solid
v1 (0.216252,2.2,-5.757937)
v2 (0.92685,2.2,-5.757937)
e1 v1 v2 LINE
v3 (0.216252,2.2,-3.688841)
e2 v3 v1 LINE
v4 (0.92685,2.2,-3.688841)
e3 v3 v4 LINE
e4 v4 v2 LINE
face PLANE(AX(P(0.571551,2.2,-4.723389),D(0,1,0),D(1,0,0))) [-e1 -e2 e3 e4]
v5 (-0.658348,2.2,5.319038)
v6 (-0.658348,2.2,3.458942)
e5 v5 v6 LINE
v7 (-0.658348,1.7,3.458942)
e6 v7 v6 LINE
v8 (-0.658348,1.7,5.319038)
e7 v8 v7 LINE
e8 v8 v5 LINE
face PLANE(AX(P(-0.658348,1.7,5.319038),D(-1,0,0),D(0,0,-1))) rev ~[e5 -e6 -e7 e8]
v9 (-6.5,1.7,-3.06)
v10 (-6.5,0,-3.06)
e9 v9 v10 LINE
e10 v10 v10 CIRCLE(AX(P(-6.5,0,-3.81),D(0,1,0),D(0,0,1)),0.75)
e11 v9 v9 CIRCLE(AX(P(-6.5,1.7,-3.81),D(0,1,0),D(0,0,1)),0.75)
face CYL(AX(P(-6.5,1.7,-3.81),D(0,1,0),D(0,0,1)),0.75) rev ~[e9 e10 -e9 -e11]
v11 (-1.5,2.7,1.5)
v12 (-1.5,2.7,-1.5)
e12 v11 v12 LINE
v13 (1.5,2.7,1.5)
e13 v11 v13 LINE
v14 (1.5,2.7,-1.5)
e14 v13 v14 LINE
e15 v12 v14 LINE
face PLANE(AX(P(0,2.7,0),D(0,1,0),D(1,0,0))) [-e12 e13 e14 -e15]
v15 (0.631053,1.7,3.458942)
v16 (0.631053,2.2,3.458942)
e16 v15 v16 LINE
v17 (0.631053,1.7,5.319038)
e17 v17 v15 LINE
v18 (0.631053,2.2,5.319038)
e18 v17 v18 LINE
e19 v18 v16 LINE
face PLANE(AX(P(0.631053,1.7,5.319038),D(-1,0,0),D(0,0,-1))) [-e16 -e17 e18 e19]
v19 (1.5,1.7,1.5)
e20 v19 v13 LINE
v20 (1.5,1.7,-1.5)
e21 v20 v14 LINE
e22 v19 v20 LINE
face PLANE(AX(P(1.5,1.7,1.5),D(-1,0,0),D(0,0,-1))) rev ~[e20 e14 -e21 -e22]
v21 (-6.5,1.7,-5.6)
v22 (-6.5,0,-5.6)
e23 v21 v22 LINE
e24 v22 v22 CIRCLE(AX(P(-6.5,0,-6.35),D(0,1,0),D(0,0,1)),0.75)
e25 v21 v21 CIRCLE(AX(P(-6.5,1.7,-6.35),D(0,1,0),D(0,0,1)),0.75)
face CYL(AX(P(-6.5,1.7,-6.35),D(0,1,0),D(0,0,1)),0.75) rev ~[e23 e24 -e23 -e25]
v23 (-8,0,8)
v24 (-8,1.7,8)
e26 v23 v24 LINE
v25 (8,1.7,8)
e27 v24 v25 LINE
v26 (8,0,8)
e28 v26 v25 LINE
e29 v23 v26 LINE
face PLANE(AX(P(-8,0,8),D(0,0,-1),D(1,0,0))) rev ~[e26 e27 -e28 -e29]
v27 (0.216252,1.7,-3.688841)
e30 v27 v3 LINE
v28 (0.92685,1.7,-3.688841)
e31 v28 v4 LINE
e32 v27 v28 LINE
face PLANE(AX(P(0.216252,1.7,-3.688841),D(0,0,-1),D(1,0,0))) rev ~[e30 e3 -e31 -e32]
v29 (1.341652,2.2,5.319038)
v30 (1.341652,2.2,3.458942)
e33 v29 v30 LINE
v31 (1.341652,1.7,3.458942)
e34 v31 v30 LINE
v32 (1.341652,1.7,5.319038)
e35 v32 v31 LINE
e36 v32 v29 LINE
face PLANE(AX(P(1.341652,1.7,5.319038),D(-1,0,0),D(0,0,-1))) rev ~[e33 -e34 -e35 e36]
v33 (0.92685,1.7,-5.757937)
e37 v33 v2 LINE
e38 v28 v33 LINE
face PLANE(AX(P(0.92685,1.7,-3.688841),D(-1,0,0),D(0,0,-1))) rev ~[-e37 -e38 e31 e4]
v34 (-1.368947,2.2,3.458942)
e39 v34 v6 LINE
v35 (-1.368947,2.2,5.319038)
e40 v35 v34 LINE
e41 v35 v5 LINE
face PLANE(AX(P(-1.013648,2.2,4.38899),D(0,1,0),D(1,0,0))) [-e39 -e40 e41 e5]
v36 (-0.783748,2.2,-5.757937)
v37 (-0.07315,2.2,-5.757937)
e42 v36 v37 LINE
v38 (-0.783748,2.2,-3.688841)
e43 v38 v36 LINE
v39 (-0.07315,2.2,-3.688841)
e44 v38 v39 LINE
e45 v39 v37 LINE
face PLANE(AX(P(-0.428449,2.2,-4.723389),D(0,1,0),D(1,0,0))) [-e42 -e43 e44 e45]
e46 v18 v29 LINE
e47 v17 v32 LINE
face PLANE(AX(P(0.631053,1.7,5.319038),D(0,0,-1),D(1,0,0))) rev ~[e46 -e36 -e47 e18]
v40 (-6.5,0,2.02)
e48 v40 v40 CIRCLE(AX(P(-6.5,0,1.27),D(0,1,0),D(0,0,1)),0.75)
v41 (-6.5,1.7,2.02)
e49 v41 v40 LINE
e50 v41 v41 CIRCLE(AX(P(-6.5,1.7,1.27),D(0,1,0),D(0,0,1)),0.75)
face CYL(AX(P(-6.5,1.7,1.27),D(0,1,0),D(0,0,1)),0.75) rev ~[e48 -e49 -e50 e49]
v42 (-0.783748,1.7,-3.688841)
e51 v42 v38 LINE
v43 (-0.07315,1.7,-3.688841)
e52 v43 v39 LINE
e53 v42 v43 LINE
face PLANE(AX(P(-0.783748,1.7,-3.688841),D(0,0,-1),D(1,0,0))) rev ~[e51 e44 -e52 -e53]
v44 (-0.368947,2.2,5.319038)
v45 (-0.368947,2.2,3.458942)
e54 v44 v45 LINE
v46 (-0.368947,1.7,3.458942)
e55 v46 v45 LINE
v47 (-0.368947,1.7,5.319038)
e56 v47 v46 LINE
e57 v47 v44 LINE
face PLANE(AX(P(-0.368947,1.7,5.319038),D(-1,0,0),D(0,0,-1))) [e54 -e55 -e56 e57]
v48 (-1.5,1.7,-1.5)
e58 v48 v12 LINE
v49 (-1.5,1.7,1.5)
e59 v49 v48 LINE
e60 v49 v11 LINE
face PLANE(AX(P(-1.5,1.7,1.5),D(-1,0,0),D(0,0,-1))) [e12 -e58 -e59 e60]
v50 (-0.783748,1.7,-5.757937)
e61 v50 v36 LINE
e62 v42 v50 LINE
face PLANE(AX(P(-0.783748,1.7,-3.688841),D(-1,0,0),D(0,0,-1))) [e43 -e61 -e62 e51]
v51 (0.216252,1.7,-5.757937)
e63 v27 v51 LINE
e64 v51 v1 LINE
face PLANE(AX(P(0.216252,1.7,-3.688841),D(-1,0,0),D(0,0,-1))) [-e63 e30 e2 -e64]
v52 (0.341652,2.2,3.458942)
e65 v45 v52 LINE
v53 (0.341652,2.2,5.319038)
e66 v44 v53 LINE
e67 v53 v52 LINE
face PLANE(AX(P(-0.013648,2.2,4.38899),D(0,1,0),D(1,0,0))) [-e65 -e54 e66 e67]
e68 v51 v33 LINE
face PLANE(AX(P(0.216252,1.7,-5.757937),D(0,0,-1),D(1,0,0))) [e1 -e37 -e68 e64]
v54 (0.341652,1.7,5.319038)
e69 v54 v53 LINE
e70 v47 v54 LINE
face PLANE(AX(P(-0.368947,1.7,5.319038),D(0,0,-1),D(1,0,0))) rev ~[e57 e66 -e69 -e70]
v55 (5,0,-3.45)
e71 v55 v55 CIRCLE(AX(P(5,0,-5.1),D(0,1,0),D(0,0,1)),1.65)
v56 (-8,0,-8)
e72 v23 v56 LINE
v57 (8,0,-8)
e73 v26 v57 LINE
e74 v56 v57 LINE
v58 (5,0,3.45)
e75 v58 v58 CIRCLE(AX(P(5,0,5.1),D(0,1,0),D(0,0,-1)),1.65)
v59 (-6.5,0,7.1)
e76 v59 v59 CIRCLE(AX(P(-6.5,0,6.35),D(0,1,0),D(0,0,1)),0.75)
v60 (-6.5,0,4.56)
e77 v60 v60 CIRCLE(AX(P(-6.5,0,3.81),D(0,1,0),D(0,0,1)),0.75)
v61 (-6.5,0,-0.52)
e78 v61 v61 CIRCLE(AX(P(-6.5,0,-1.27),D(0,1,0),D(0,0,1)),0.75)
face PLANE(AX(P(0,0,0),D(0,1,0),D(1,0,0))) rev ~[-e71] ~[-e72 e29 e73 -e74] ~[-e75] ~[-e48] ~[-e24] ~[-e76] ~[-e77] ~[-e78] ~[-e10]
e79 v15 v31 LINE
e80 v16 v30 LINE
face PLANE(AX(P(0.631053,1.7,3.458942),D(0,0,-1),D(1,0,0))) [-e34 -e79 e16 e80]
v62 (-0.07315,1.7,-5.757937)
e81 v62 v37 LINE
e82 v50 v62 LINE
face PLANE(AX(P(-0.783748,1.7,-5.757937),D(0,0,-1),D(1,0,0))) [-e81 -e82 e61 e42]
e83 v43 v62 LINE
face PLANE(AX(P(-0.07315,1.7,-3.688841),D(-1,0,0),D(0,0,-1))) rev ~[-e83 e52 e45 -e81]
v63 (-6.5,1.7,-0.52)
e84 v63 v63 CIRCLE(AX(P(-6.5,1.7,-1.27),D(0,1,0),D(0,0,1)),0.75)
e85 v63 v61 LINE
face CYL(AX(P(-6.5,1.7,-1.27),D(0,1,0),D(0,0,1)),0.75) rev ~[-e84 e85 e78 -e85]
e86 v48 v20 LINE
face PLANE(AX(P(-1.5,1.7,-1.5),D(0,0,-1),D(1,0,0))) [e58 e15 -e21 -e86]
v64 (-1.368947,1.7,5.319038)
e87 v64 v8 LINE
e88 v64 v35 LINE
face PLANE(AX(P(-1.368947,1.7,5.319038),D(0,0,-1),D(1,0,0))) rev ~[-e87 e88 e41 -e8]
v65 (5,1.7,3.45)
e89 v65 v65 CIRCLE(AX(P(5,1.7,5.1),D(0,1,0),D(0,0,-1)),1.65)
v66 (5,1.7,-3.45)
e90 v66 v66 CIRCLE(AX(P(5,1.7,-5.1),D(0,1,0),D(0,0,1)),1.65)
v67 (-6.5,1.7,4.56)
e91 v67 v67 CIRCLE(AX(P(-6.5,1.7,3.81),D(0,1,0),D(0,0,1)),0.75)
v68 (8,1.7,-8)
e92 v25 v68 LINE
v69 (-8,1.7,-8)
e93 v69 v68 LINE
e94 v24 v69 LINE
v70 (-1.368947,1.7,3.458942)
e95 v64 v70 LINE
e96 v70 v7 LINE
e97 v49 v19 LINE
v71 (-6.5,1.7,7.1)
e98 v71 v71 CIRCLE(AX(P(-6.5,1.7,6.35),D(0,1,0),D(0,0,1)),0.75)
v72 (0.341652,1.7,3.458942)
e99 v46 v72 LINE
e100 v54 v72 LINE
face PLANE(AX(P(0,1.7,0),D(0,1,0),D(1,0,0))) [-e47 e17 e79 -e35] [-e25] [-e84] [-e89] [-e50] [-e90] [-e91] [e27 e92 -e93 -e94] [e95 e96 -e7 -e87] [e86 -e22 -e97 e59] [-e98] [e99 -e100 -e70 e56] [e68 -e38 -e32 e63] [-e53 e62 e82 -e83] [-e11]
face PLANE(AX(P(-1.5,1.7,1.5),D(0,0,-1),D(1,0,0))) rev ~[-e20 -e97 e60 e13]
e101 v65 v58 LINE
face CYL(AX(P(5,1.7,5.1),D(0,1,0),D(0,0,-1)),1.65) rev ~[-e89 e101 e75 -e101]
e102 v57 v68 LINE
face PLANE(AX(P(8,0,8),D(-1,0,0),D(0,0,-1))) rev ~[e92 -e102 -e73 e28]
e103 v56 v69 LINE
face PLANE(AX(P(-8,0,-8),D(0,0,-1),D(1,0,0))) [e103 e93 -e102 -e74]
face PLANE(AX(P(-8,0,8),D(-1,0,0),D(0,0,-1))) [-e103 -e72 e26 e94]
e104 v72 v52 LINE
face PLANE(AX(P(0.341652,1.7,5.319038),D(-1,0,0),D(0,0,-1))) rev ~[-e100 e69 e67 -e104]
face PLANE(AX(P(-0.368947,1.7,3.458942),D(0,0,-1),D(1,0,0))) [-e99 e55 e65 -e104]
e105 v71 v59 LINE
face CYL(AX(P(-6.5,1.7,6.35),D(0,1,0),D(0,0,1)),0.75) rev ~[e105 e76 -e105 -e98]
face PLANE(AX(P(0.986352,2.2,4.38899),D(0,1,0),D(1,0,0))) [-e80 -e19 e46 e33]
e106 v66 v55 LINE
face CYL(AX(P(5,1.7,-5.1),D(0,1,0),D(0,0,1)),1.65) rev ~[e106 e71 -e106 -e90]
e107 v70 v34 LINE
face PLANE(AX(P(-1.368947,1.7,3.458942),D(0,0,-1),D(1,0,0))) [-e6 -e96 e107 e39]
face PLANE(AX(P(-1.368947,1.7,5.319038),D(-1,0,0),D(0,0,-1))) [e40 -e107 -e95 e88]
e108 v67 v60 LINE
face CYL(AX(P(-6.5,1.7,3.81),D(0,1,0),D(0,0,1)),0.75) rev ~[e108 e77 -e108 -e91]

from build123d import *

# Parameters (mm, degrees)
SKETCH2_W           = 16
SKETCH2_H           = 16
BOSS_EXTRUDE1_DEPTH = 1.7
SKETCH3_R           = 0.75
CUT_EXTRUDE1_DEPTH  = 1.7
SKETCH4_W           = 3
SKETCH4_H           = 3
BOSS_EXTRUDE2_DEPTH = 1
SKETCH5_W           = 0.710598353
SKETCH5_H           = 2.069095202
SKETCH5_H_2         = 1.860095687
BOSS_EXTRUDE3_DEPTH = 0.5
SKETCH6_R           = 1.65
CUT_EXTRUDE2_DEPTH  = 12.440716761


with BuildPart() as part:
    # Sketch2 → Boss-Extrude1 (new body)
    with BuildSketch(Plane(origin=(0, 0, 0), x_dir=(1, 0, 0), z_dir=(0, 1, 0))):
        Rectangle(SKETCH2_W, SKETCH2_H)
    extrude(amount=BOSS_EXTRUDE1_DEPTH)

    # Sketch3 → Cut-Extrude1 (cut)
    with BuildSketch(Plane(origin=(0, 1.7, 0), x_dir=(1, 0, 0), z_dir=(0, 1, 0))):
        with Locations(Location((-6.5, 6.35, 0), (0, 0, 270))):
            Circle(SKETCH3_R)
        with Locations(Location((-6.5, 3.81, 0), (0, 0, 270))):
            Circle(SKETCH3_R)
        with Locations(Location((-6.5, 1.27, 0), (0, 0, 270))):
            Circle(SKETCH3_R)
        with Locations(Location((-6.5, -1.27, 0), (0, 0, 270))):
            Circle(SKETCH3_R)
        with Locations(Location((-6.5, -3.81, 0), (0, 0, 270))):
            Circle(SKETCH3_R)
        with Locations(Location((-6.5, -6.35, 0), (0, 0, 270))):
            Circle(SKETCH3_R)
    extrude(amount=-CUT_EXTRUDE1_DEPTH, mode=Mode.SUBTRACT)

    # Sketch4 → Boss-Extrude2 (add)
    with BuildSketch(Plane(origin=(0, 1.7, 0), x_dir=(1, 0, 0), z_dir=(0, 1, 0))):
        Rectangle(SKETCH4_W, SKETCH4_H)
    extrude(amount=BOSS_EXTRUDE2_DEPTH)

    # Sketch5 → Boss-Extrude3 (add)
    with BuildSketch(Plane(origin=(0, 1.7, 0), x_dir=(1, 0, 0), z_dir=(0, 1, 0))):
        with Locations((0.571550994, 4.723389047)):
            Rectangle(SKETCH5_W, SKETCH5_H)
        with Locations((-0.428449007, 4.723389047)):
            Rectangle(SKETCH5_W, SKETCH5_H)
        with Locations((-1.01364765, -4.388989823)):
            Rectangle(SKETCH5_W, SKETCH5_H_2)
        with Locations((-0.013647649, -4.388989823)):
            Rectangle(SKETCH5_W, SKETCH5_H_2)
        with Locations((0.986352351, -4.388989823)):
            Rectangle(SKETCH5_W, SKETCH5_H_2)
    extrude(amount=BOSS_EXTRUDE3_DEPTH)

    # Sketch6 → Cut-Extrude2 (cut, through all)
    with BuildSketch(Plane(origin=(0, 1.7, 0), x_dir=(1, 0, 0), z_dir=(0, 1, 0))):
        with Locations(Location((5, 5.1, 0), (0, 0, 270))):
            Circle(SKETCH6_R)
        with Locations(Location((5, -5.1, 0), (0, 0, 90))):
            Circle(SKETCH6_R)
    extrude(amount=-CUT_EXTRUDE2_DEPTH, mode=Mode.SUBTRACT)


solid = part.part
